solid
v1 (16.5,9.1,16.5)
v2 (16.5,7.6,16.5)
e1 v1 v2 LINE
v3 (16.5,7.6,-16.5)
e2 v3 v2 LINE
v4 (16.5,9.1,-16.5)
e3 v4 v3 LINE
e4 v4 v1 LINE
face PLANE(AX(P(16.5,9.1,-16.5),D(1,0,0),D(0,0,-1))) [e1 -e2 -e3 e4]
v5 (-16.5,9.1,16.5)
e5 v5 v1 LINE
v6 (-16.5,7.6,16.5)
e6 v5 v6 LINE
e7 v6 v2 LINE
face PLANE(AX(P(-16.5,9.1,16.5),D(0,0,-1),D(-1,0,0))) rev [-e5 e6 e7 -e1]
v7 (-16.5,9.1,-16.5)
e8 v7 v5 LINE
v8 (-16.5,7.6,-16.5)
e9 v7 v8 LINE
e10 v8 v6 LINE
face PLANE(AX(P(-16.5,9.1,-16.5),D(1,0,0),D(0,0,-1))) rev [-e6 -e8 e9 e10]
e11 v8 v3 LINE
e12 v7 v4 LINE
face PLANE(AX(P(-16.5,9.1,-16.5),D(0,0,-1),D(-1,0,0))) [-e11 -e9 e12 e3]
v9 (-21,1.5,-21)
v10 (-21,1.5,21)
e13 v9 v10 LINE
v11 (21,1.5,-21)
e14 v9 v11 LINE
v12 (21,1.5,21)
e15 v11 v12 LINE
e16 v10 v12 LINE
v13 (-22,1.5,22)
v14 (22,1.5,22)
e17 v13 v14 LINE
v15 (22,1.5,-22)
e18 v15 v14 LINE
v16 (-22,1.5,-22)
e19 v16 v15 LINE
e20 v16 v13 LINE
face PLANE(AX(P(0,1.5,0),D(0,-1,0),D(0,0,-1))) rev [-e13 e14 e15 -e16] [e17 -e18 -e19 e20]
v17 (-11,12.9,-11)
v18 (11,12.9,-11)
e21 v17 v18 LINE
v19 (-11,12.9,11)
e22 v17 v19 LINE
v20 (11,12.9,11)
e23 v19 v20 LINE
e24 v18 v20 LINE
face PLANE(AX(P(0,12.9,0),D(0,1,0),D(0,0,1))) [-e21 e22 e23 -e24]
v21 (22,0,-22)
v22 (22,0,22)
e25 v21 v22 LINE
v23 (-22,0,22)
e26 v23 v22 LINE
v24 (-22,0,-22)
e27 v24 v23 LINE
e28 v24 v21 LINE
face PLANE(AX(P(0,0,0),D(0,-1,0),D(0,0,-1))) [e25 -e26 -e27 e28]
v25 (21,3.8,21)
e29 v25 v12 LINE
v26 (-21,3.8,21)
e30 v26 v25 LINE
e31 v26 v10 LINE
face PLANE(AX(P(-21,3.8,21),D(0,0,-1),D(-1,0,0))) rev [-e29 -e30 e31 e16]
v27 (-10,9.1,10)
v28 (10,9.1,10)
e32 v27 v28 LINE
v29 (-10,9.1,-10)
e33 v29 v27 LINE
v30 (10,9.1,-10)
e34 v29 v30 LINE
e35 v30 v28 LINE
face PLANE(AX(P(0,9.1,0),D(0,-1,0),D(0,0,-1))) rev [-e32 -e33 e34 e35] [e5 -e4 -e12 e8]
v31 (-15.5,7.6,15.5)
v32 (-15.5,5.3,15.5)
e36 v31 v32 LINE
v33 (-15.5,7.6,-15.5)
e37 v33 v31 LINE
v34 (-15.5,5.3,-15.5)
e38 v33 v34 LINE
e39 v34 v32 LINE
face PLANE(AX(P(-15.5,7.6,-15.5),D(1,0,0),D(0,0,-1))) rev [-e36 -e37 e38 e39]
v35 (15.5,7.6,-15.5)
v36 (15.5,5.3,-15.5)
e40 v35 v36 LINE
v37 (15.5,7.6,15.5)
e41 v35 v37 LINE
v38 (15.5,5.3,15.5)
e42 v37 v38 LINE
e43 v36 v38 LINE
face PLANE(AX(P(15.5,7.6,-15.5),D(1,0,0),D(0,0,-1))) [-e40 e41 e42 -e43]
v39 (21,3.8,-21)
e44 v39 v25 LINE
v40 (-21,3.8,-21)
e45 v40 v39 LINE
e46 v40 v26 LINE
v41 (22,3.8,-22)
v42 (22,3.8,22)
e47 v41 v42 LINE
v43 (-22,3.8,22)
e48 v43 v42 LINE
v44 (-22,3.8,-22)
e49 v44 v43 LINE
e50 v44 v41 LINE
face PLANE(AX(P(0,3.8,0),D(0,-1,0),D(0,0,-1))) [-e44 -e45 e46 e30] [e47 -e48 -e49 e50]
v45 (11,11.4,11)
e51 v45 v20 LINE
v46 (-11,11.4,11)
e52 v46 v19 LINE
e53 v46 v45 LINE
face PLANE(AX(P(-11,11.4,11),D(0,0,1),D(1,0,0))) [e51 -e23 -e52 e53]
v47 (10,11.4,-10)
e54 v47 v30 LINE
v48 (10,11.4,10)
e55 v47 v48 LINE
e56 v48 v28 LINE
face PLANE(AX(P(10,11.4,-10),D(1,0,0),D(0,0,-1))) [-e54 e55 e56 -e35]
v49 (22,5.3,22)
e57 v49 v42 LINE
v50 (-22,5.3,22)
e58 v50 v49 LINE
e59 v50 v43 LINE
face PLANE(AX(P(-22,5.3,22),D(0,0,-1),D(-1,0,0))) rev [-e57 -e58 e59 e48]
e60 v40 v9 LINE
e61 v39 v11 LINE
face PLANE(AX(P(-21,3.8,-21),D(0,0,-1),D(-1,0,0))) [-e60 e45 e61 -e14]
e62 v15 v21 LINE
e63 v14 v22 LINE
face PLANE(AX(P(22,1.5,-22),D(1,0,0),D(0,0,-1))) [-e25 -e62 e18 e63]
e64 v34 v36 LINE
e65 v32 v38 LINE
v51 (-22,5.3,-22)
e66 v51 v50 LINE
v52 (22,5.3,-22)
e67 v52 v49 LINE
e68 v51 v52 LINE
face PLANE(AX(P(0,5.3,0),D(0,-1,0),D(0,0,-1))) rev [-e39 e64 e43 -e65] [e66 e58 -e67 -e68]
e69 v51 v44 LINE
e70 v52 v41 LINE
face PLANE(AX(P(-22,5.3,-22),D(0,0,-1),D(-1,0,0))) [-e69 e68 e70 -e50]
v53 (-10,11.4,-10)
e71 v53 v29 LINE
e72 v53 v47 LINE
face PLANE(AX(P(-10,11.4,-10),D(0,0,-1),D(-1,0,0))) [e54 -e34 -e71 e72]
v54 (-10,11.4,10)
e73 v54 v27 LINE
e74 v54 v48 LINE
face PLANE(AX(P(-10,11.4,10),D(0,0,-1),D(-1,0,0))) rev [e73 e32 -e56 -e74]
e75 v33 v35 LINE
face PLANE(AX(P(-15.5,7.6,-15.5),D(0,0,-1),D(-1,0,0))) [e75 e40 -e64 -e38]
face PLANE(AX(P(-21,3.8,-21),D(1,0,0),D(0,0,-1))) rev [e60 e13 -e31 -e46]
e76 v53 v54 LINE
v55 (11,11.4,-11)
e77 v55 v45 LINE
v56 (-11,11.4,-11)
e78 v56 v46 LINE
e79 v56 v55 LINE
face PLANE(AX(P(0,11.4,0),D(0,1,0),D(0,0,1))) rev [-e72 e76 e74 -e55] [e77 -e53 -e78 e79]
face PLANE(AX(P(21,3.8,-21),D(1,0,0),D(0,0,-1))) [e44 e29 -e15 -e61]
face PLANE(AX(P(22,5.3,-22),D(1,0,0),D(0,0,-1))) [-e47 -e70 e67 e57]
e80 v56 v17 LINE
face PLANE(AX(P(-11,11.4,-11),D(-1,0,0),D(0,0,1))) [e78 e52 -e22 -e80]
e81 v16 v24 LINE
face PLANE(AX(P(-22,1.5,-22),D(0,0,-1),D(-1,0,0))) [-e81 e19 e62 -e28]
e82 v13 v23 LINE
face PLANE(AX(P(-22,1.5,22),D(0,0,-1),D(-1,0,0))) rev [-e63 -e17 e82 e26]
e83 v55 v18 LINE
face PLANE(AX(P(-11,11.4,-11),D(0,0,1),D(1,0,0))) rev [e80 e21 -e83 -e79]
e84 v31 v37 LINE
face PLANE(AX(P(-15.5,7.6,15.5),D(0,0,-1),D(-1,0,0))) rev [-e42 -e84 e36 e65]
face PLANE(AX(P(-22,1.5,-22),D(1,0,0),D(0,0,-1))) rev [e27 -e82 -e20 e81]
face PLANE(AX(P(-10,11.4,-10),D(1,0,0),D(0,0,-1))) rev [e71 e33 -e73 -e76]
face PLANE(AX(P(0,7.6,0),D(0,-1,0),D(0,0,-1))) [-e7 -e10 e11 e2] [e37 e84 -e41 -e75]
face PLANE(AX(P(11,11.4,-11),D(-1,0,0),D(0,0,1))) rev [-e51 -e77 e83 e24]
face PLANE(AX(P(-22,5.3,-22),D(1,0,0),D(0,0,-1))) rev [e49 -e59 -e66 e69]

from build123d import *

# Parameters (mm, degrees)
SKETCH1_W           = 44
SKETCH1_H           = 44
BOSS_EXTRUDE1_DEPTH = 1.5
SKETCH1_3_W         = 42
SKETCH1_3_H         = 42
BOSS_EXTRUDE2_DEPTH = 3.8
BOSS_EXTRUDE3_START = 3.8
SKETCH1_5_W         = 44
SKETCH1_5_H         = 44
BOSS_EXTRUDE3_DEPTH = 1.5
BOSS_EXTRUDE4_START = 5.3
SKETCH1_6_W         = 31
SKETCH1_6_H         = 31
BOSS_EXTRUDE4_DEPTH = 2.3
BOSS_EXTRUDE5_START = 7.6
SKETCH1_7_W         = 33
SKETCH1_7_H         = 33
BOSS_EXTRUDE5_DEPTH = 1.5
BOSS_EXTRUDE6_START = 9.1
SKETCH1_8_W         = 20
SKETCH1_8_H         = 20
BOSS_EXTRUDE6_DEPTH = 2.3
BOSS_EXTRUDE7_START = 12.9
SKETCH1_12_W        = 22
SKETCH1_12_H        = 22
BOSS_EXTRUDE7_DEPTH = 1.5


with BuildPart() as part:
    # Sketch1 → Boss-Extrude1 (new body)
    with BuildSketch(Plane(origin=(0, 0, 0), x_dir=(1, 0, 0), z_dir=(0, 1, 0))):
        Rectangle(SKETCH1_W, SKETCH1_H)
    extrude(amount=BOSS_EXTRUDE1_DEPTH)

    # Sketch1<3> → Boss-Extrude2 (add)
    with BuildSketch(Plane(origin=(0, 0, 0), x_dir=(1, 0, 0), z_dir=(0, 1, 0))):
        Rectangle(SKETCH1_3_W, SKETCH1_3_H)
    extrude(amount=BOSS_EXTRUDE2_DEPTH)

    # Sketch1<5> → Boss-Extrude3 (add)
    with BuildSketch(Plane(origin=(0, 0, 0), x_dir=(1, 0, 0), z_dir=(0, 1, 0)).offset(BOSS_EXTRUDE3_START)):
        Rectangle(SKETCH1_5_W, SKETCH1_5_H)
    extrude(amount=BOSS_EXTRUDE3_DEPTH)

    # Sketch1<6> → Boss-Extrude4 (add)
    with BuildSketch(Plane(origin=(0, 0, 0), x_dir=(1, 0, 0), z_dir=(0, 1, 0)).offset(BOSS_EXTRUDE4_START)):
        Rectangle(SKETCH1_6_W, SKETCH1_6_H)
    extrude(amount=BOSS_EXTRUDE4_DEPTH)

    # Sketch1<7> → Boss-Extrude5 (add)
    with BuildSketch(Plane(origin=(0, 0, 0), x_dir=(1, 0, 0), z_dir=(0, 1, 0)).offset(BOSS_EXTRUDE5_START)):
        Rectangle(SKETCH1_7_W, SKETCH1_7_H)
    extrude(amount=BOSS_EXTRUDE5_DEPTH)

    # Sketch1<8> → Boss-Extrude6 (add)
    with BuildSketch(Plane(origin=(0, 0, 0), x_dir=(1, 0, 0), z_dir=(0, 1, 0)).offset(BOSS_EXTRUDE6_START)):
        Rectangle(SKETCH1_8_W, SKETCH1_8_H)
    extrude(amount=BOSS_EXTRUDE6_DEPTH)

    # Sketch1<12> → Boss-Extrude7 (add)
    with BuildSketch(Plane(origin=(0, 0, 0), x_dir=(1, 0, 0), z_dir=(0, 1, 0)).offset(BOSS_EXTRUDE7_START)):
        Rectangle(SKETCH1_12_W, SKETCH1_12_H)
    extrude(amount=-BOSS_EXTRUDE7_DEPTH)


solid = part.part
